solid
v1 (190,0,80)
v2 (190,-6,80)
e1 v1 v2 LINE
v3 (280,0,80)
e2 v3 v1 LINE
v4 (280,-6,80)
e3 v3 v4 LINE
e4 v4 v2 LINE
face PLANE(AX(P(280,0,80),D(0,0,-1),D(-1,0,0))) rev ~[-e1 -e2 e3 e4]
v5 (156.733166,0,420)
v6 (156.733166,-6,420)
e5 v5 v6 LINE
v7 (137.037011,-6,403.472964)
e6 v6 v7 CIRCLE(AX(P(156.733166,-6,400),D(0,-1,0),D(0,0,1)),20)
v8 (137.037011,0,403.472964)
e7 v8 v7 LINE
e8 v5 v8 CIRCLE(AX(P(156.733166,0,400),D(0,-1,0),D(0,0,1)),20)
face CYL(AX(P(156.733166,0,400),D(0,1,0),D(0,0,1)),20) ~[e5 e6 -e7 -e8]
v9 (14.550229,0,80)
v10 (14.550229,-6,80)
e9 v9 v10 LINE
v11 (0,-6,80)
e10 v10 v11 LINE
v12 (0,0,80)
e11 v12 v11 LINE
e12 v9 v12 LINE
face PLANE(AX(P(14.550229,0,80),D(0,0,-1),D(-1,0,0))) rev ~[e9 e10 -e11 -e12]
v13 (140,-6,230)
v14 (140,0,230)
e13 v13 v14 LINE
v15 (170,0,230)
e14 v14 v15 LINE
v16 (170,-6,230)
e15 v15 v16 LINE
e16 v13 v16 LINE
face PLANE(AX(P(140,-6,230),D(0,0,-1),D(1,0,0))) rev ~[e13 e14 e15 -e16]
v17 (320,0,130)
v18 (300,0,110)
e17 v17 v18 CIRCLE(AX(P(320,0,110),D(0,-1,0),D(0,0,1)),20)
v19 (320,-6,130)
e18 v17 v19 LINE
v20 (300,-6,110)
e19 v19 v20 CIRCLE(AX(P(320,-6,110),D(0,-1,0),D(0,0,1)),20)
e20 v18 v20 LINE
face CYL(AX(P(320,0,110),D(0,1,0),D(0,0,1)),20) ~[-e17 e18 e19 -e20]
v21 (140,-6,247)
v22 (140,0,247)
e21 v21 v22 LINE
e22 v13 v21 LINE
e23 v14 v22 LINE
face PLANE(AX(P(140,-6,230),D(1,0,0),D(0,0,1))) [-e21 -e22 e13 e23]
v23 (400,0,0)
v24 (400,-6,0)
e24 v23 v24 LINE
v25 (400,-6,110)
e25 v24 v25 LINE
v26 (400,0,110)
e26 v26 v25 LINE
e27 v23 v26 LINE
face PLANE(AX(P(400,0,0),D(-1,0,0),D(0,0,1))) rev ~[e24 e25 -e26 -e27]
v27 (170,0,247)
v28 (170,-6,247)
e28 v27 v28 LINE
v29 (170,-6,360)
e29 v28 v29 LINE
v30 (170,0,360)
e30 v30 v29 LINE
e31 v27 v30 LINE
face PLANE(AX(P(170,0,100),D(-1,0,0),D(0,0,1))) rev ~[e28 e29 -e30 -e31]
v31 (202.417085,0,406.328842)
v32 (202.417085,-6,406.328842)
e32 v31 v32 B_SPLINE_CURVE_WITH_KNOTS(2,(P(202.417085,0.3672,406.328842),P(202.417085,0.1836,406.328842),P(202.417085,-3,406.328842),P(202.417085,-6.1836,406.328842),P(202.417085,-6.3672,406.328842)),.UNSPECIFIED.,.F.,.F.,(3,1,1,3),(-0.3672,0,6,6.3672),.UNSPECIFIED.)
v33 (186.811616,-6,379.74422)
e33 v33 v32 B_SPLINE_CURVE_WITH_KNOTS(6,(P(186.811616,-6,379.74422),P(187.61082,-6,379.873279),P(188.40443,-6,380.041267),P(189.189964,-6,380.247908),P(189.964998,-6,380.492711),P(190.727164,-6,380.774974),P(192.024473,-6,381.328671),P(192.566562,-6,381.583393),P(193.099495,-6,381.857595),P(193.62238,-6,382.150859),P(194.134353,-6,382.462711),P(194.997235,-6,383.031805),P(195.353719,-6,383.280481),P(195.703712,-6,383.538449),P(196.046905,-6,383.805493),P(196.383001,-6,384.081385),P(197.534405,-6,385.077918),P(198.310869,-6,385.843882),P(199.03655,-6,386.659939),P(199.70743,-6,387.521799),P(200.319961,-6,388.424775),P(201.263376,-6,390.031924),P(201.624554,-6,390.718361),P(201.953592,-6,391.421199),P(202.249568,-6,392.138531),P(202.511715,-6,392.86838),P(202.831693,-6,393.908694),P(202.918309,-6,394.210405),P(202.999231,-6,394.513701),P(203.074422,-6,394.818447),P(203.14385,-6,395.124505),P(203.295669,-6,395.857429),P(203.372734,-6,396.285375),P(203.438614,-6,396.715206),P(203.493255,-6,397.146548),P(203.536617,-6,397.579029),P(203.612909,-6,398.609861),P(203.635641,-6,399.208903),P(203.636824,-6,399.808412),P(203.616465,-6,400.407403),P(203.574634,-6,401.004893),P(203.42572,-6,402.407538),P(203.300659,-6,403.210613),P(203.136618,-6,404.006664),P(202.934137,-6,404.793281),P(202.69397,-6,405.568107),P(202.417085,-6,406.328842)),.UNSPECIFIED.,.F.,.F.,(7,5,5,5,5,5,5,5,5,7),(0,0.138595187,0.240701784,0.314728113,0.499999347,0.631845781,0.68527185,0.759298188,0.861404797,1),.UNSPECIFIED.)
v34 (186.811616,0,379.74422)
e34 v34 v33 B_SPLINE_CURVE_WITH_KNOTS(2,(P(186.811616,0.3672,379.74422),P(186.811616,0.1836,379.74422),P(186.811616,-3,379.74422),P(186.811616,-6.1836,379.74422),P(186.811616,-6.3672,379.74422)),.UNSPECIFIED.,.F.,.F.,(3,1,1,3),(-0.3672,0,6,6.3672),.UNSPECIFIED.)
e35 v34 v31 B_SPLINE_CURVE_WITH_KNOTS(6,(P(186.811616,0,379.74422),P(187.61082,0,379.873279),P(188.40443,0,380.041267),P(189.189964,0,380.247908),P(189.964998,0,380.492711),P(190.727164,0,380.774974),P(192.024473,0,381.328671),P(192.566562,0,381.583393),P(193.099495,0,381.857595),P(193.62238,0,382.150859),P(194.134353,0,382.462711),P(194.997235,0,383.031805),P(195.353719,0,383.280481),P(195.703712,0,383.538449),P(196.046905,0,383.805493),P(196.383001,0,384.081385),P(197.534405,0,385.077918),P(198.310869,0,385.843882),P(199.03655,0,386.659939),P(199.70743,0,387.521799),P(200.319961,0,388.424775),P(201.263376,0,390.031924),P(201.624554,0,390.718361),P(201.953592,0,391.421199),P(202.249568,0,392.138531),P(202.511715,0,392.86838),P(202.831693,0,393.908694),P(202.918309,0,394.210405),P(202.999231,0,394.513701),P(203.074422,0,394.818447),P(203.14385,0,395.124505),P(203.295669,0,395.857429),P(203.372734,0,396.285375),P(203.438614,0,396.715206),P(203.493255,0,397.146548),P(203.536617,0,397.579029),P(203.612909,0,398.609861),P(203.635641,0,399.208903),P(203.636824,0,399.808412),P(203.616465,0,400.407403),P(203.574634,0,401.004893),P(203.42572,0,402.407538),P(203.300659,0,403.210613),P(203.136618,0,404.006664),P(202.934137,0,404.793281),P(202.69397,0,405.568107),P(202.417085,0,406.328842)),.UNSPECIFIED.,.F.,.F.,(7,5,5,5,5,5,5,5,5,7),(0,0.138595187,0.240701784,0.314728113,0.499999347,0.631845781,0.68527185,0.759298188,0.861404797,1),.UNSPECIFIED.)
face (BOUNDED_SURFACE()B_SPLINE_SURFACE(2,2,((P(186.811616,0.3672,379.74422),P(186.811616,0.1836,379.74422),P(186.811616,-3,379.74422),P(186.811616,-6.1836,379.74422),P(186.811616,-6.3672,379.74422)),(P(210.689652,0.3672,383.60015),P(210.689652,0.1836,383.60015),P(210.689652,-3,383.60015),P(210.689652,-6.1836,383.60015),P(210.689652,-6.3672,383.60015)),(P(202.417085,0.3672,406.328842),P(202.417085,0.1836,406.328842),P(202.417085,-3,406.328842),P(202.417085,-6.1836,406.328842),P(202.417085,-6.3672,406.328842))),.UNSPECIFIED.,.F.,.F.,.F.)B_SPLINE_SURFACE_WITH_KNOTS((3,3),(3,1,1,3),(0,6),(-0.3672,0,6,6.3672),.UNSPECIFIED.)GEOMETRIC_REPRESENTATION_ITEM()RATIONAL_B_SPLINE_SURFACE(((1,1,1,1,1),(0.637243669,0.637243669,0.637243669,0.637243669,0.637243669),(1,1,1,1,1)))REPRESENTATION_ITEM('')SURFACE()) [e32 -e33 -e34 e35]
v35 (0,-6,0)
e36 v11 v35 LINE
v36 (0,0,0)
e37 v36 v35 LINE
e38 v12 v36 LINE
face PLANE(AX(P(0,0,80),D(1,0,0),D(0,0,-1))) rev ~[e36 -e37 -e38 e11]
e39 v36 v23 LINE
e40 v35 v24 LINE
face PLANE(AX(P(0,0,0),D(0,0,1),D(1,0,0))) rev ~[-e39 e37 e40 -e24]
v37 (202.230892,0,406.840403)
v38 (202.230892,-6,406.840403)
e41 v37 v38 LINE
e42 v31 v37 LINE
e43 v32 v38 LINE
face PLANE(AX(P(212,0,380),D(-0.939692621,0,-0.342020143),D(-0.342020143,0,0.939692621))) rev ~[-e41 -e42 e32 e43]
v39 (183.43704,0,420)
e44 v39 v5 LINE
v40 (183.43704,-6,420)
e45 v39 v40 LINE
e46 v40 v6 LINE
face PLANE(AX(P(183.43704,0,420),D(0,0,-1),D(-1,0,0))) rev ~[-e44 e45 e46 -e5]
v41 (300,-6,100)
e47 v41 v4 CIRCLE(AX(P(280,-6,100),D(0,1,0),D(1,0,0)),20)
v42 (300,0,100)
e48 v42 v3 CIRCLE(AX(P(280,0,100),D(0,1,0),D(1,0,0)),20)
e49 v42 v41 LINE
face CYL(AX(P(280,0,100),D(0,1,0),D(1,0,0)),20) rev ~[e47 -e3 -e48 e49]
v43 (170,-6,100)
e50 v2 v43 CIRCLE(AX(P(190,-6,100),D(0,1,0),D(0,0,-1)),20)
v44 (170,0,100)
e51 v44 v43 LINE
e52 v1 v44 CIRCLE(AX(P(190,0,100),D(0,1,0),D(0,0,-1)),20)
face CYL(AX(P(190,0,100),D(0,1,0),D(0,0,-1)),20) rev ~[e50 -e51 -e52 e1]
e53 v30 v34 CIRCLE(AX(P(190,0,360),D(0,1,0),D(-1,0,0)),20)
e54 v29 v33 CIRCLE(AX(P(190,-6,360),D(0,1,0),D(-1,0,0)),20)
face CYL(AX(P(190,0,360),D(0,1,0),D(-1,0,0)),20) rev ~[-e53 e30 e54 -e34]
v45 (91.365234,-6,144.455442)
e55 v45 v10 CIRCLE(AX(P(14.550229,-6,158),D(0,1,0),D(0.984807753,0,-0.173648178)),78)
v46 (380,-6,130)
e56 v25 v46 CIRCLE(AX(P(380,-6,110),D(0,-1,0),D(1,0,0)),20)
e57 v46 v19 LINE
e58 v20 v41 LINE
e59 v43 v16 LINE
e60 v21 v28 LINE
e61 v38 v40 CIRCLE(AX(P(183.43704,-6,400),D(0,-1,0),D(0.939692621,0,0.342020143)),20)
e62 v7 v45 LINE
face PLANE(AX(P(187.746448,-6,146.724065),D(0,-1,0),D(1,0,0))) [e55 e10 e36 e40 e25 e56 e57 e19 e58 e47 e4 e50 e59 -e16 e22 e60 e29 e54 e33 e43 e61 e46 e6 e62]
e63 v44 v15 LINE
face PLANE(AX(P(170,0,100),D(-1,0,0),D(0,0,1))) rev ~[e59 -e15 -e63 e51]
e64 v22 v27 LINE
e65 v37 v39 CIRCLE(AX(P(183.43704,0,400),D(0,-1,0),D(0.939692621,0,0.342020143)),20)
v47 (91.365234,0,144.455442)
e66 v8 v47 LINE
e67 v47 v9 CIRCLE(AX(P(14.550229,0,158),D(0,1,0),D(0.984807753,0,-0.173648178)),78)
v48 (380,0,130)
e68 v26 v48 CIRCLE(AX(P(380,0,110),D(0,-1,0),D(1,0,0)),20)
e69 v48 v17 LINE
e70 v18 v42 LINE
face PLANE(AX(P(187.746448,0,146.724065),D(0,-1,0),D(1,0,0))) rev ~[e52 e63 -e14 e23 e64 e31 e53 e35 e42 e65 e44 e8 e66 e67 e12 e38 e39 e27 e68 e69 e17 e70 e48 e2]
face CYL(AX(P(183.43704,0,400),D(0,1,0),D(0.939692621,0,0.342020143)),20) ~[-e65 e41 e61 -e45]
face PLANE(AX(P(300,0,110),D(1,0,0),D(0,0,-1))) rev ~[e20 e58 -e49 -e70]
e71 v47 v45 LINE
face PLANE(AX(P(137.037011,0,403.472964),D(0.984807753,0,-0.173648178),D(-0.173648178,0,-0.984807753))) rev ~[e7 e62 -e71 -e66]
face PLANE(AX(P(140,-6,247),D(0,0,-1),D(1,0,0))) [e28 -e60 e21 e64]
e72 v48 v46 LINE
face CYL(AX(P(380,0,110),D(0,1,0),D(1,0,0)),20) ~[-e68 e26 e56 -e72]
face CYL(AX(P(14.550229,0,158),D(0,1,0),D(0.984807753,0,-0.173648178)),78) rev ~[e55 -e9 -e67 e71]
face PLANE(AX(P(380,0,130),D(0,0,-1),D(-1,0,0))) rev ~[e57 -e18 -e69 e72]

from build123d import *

# Parameters (mm, degrees)
F1_DEPTH = 6
F2_R     = 20
F4_W     = 58.9145278931
F4_H     = 17
F5_DEPTH = 25


with BuildPart() as f1:
    # F0 (on Front) → F1 (new body)
    with BuildSketch(Plane.XZ):
        with BuildLine():
            Line((0, 80), (0, 0))
            Line((0, 0), (400, 0))
            Line((400, 0), (400, 110))
            ThreePointArc((400, 110), (394.1421356237, 124.1421356237), (380, 130))
            Line((380, 130), (320, 130))
            ThreePointArc((320, 130), (305.8578643763, 124.1421356237), (300, 110))
            Line((300, 110), (300, 100))
            ThreePointArc((300, 100), (294.1421356237, 85.8578643763), (280, 80))
            Line((280, 80), (190, 80))
            ThreePointArc((190, 80), (175.8578643763, 85.8578643763), (170, 100))
            Line((170, 100), (170, 360))
            ThreePointArc((170, 360), (175.8578643763, 374.1421356237), (190, 380))
            Line((190, 380), (212, 380))
            Line((212, 380), (202.2308922809, 406.8404028665))
            ThreePointArc((202.2308922809, 406.8404028665), (194.9085685922, 416.3830408858), (183.4370398652, 420))
            Line((183.4370398652, 420), (156.7331660644, 420))
            ThreePointArc((156.7331660644, 420), (143.8774138707, 415.3208888624), (137.0370110042, 403.4729635533))
            Line((137.0370110042, 403.4729635533), (91.3652335031, 144.455442142))
            ThreePointArc((91.3652335031, 144.455442142), (64.6876623237, 98.2485334367), (14.5502287682, 80))
            Line((14.5502287682, 80), (0, 80))
        make_face()
    extrude(amount=F1_DEPTH)

    # F2
    f2_edges = [f1.edges().sort_by_distance(p)[0] for p in [
        (212, -3, 380),
    ]]
    fillet(f2_edges, radius=F2_R)

    # F4 (on face) → F5 (cut)
    with BuildSketch(Plane.XZ.offset(6)):
        with Locations((169.4572639465, 238.5)):
            Rectangle(F4_W, F4_H)
    extrude(amount=-F5_DEPTH, mode=Mode.SUBTRACT)


solid = f1.part
